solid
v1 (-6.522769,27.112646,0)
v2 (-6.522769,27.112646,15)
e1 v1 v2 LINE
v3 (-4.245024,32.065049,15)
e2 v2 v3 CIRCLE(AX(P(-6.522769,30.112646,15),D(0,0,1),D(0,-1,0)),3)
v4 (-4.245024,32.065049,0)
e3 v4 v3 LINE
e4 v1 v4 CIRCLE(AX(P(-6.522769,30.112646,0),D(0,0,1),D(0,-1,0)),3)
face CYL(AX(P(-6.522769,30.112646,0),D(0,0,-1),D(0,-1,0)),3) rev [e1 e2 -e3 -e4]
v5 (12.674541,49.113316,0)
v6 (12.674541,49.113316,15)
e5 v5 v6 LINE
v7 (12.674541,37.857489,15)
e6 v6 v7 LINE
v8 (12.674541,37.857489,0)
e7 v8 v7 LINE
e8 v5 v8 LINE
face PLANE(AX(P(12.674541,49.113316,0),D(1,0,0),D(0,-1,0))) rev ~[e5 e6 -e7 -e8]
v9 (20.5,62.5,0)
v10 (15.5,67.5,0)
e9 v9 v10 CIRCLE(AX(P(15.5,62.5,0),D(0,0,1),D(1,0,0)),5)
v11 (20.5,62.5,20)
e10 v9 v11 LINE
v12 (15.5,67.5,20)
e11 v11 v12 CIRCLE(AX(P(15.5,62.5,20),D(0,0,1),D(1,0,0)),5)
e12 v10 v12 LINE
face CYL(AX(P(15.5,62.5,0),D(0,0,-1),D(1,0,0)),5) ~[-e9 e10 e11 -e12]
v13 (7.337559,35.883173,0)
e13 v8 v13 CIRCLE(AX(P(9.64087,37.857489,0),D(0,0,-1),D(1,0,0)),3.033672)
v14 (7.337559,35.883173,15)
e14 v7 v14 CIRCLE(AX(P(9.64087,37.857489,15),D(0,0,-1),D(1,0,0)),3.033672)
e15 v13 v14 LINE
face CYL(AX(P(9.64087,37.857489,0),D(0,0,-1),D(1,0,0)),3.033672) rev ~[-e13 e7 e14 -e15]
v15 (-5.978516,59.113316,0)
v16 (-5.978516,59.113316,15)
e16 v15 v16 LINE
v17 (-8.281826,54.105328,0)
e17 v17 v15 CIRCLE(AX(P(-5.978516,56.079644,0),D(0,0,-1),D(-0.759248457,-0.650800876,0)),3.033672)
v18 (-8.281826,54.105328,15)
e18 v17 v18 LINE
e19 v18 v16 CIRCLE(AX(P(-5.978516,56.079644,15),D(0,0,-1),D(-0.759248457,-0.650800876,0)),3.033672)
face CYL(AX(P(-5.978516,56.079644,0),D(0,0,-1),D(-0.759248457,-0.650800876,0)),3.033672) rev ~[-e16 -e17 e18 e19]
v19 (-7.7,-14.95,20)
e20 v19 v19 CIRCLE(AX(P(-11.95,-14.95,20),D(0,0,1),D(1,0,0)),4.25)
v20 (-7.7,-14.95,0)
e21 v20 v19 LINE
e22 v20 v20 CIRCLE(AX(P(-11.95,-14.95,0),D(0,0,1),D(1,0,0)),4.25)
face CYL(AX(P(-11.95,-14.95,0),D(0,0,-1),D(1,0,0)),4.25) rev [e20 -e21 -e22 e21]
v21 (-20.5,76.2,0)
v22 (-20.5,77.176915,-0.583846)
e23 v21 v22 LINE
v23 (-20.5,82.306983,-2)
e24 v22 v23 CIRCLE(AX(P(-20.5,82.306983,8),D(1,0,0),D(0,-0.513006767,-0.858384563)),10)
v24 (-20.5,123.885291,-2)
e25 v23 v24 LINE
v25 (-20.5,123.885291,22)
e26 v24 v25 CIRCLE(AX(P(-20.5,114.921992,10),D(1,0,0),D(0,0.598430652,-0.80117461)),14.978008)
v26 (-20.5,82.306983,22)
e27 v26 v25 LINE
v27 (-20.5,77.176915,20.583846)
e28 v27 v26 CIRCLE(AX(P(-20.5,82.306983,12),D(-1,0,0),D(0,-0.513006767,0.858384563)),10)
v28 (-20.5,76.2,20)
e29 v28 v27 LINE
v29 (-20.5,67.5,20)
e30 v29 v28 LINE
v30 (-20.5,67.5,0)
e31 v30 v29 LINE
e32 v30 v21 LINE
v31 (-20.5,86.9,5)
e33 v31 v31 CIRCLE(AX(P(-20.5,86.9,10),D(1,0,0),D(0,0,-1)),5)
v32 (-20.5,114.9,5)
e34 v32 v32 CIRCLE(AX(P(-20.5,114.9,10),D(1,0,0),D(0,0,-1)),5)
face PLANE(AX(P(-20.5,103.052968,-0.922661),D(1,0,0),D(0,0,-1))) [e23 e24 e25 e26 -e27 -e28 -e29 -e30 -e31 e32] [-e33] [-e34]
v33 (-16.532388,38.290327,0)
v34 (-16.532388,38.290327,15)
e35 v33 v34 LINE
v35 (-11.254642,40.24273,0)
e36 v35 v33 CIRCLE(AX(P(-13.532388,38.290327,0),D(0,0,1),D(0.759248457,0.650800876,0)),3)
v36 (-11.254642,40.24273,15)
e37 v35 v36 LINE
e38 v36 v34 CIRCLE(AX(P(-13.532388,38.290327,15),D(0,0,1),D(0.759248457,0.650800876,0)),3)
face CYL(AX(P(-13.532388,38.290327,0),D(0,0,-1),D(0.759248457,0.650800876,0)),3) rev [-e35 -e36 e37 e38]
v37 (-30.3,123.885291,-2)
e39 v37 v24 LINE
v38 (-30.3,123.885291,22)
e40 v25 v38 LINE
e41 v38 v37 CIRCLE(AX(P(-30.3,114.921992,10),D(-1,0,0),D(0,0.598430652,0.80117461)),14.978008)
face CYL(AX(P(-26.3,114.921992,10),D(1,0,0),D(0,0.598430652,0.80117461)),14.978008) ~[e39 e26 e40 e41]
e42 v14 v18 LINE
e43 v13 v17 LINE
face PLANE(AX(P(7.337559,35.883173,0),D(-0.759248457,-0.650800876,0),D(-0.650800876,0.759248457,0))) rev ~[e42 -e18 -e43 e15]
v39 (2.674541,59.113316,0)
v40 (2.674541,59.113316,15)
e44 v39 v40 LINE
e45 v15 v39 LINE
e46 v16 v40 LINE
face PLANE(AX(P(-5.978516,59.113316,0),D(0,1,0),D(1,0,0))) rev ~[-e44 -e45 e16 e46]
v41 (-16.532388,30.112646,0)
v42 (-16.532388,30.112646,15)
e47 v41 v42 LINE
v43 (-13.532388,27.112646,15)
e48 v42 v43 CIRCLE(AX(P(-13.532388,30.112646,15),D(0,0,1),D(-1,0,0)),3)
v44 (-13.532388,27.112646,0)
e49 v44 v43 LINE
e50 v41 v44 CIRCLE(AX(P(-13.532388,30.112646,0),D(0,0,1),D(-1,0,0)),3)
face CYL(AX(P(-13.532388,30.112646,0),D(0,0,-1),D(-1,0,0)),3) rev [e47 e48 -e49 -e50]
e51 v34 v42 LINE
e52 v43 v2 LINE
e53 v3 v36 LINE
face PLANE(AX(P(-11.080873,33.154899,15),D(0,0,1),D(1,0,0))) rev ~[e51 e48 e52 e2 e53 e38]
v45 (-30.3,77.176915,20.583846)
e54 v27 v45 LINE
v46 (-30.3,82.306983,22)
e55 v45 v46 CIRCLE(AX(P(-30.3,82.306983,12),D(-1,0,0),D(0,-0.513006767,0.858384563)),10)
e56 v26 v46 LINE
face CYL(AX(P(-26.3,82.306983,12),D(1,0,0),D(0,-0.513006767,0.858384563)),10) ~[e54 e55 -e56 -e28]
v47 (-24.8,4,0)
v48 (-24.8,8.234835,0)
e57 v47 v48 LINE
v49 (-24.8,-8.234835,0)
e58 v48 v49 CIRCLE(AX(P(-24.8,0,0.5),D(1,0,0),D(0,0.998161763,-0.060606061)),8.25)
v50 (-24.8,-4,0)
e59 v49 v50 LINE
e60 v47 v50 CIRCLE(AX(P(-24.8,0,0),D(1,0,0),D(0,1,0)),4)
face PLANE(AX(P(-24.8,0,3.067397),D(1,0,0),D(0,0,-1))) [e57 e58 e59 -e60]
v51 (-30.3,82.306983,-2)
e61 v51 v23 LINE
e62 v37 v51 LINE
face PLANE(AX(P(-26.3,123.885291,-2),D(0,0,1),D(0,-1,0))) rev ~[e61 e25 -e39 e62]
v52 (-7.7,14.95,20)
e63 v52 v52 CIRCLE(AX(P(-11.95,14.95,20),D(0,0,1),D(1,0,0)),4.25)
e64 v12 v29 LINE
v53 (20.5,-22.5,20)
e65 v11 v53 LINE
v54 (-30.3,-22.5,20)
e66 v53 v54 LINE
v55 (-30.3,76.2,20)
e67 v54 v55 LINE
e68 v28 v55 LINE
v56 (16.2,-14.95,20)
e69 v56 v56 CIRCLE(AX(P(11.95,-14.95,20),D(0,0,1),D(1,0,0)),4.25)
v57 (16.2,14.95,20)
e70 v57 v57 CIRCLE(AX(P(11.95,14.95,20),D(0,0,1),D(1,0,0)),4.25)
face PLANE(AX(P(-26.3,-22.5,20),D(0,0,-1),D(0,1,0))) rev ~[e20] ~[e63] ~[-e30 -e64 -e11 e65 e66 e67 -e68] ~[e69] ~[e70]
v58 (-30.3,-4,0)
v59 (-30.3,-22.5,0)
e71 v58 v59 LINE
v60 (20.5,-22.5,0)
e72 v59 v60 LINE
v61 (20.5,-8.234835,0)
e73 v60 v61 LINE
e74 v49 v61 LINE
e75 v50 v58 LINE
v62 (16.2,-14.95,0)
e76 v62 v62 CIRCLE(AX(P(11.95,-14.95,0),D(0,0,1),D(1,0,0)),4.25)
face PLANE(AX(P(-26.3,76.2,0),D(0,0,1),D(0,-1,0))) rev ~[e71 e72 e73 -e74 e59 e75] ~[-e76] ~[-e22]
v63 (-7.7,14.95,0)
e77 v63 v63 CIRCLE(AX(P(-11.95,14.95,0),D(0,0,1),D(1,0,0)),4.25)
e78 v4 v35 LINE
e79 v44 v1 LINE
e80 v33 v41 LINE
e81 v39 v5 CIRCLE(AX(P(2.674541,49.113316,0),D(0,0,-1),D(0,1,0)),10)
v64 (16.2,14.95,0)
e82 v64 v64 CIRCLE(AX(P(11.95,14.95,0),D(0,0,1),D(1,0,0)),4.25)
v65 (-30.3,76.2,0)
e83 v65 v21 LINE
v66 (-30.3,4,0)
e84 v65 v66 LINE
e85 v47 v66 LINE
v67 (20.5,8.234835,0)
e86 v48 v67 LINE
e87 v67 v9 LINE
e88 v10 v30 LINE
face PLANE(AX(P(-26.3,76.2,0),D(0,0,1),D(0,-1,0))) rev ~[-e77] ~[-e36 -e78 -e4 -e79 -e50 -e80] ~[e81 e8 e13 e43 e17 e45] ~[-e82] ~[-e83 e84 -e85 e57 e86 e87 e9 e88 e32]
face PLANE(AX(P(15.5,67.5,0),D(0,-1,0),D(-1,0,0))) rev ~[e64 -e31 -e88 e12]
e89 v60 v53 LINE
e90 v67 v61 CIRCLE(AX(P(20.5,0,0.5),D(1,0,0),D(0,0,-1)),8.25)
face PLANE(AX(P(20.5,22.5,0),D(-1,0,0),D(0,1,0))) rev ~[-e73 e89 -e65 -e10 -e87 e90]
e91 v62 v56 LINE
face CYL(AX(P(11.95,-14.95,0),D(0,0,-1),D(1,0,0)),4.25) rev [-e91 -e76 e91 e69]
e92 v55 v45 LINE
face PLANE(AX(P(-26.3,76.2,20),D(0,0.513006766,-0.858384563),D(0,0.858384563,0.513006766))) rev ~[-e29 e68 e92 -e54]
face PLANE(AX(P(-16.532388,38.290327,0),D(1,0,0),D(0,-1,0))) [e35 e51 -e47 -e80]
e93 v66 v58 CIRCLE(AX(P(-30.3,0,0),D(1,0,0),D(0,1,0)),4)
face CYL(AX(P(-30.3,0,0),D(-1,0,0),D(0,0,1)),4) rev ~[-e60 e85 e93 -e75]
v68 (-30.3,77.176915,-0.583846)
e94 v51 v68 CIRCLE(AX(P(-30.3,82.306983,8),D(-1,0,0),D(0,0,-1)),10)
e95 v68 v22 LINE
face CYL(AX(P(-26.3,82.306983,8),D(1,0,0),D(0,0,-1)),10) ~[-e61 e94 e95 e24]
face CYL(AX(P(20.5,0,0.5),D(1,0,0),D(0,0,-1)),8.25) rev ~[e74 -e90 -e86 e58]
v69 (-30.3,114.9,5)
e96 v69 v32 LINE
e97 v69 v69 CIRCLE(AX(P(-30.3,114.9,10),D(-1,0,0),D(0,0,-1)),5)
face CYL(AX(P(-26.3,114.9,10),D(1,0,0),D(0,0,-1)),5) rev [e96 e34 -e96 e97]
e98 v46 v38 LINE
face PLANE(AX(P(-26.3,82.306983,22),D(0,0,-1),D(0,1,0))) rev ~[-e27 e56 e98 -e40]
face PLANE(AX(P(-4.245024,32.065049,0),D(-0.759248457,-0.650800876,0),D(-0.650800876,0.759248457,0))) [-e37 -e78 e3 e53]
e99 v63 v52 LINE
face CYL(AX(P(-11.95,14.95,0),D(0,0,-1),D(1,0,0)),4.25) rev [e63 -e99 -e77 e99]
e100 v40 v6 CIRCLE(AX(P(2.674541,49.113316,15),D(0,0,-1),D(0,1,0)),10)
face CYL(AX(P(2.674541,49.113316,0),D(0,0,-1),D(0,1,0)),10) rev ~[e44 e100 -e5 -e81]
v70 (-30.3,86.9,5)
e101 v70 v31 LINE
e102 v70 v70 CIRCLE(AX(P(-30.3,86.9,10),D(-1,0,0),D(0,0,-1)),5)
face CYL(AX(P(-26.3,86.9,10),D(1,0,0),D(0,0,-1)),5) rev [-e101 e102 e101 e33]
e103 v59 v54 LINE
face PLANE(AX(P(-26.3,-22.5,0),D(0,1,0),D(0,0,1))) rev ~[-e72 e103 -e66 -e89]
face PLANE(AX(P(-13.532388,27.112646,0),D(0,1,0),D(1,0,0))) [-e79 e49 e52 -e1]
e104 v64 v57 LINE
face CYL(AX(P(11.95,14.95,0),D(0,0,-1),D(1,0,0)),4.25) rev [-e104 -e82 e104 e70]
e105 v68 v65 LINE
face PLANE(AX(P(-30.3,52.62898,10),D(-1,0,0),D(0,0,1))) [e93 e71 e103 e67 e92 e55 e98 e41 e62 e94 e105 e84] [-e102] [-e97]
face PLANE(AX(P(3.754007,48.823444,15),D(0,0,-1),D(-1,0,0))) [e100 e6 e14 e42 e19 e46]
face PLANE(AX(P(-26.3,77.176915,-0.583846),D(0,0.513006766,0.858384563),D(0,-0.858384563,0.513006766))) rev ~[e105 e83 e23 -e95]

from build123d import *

# Parameters (mm, degrees)
SKETCH4_W               = 41
SKETCH4_H               = 45
SKETCH4_R               = 4.25
BOSS_EXTRUDE1_DEPTH     = 20
SKETCH6_W               = 9.8
SKETCH6_H               = 152.4
BOSS_EXTRUDE2_DEPTH     = 20
SKETCH7_R               = 5
BOSS_EXTRUDE3_DEPTH     = 9.8
SKETCH8_R               = 5
CUT_EXTRUDE2_DEPTH      = 15
SKETCH5_R               = 8.25
CUT_EXTRUDE1_DEPTH      = 65
BOSS_EXTRUDE4_DEPTH     = 20
CUT_EXTRUDE3_DEPTH      = 86
CUT_EXTRUDE3_DEPTH_BACK = 86
BOSS_EXTRUDE5_START     = -1.5
BOSS_EXTRUDE5_DEPTH     = 1.5
CUT_EXTRUDE4_DEPTH      = 13.5
SKETCH13_R              = 5
BOSS_EXTRUDE6_DEPTH     = 4
SKETCH14_R              = 4
CUT_EXTRUDE5_DEPTH      = 10
CUT_EXTRUDE6_DEPTH      = 15


with BuildPart() as part:
    # Sketch4 → Boss-Extrude1 (new body)
    with BuildSketch(Plane.XY):
        Rectangle(SKETCH4_W, SKETCH4_H)
        with Locations((-11.95, 14.95)):
            Circle(SKETCH4_R, mode=Mode.SUBTRACT)
        with Locations((11.95, 14.95)):
            Circle(SKETCH4_R, mode=Mode.SUBTRACT)
        with Locations((11.95, -14.95)):
            Circle(SKETCH4_R, mode=Mode.SUBTRACT)
        with Locations((-11.95, -14.95)):
            Circle(SKETCH4_R, mode=Mode.SUBTRACT)
    extrude(amount=BOSS_EXTRUDE1_DEPTH)

    # Sketch6 → Boss-Extrude2 (add)
    with BuildSketch(Plane(origin=(0, 0, 0), x_dir=(-1, 0, 0), z_dir=(0, 0, -1))):
        with Locations((25.4, 53.7)):
            Rectangle(SKETCH6_W, SKETCH6_H)
    extrude(amount=-BOSS_EXTRUDE2_DEPTH)

    # Sketch7 → Boss-Extrude3 (add)
    with BuildSketch(Plane(origin=(-20.5, 0, 0), x_dir=(0, 0, -1), z_dir=(1, 0, 0))):
        with Locations((-10, 114.9)):
            Circle(SKETCH7_R)
        with Locations((-10, 86.9)):
            Circle(SKETCH7_R)
        with BuildLine():
            Line((0, 76.2), (0.583845628, 77.176915135))
            ThreePointArc((0.583845628, 77.176915135), (1.639462026, 79.646010822), (2, 82.306982798))
            Line((2, 82.306982798), (2, 123.885290943))
            ThreePointArc((2, 123.885290943), (1.549421785, 126.853210006), (0.238291287, 129.553673135))
            Line((0.238291287, 129.553673135), (0, 129.9))
            Line((0, 129.9), (0, 76.2))
        make_face()
        with BuildLine():
            Line((-20, 76.2), (-20.583845628, 77.176915135))
            ThreePointArc((-20.583845628, 77.176915135), (-21.639462026, 79.646010822), (-22, 82.306982798))
            Line((-22, 82.306982798), (-22, 123.885290943))
            ThreePointArc((-22, 123.885290943), (-21.549421785, 126.853210006), (-20.238291287, 129.553673135))
            Line((-20.238291287, 129.553673135), (-20, 129.9))
            Line((-20, 129.9), (-20, 76.2))
        make_face()
    extrude(amount=-BOSS_EXTRUDE3_DEPTH)

    # Sketch8 → Cut-Extrude2 (cut)
    with BuildSketch(Plane(origin=(-20.5, 0, 0), x_dir=(0, 0, -1), z_dir=(1, 0, 0))):
        with Locations((-10, 86.9)):
            Circle(SKETCH8_R)
        with Locations((-10, 114.9)):
            Circle(SKETCH8_R)
    extrude(amount=-CUT_EXTRUDE2_DEPTH, mode=Mode.SUBTRACT)

    # Sketch5 → Cut-Extrude1 (cut)
    with BuildSketch(Plane(origin=(20.5, 0, 0), x_dir=(0, 0, -1), z_dir=(1, 0, 0))):
        with Locations((-0.5, 0)):
            Circle(SKETCH5_R)
    extrude(amount=-CUT_EXTRUDE1_DEPTH, mode=Mode.SUBTRACT)

    # Sketch9 → Boss-Extrude4 (add)
    with BuildSketch(Plane(origin=(0, 0, 0), x_dir=(-1, 0, 0), z_dir=(0, 0, -1))):
        with BuildLine():
            Line((-20.5, 22.5), (-20.5, 62.5))
            ThreePointArc((-20.5, 62.5), (-19.035533906, 66.035533906), (-15.5, 67.5))
            Line((-15.5, 67.5), (20.5, 67.5))
            Line((20.5, 67.5), (20.5, 22.5))
            Line((20.5, 22.5), (-20.5, 22.5))
        make_face()
    extrude(amount=-BOSS_EXTRUDE4_DEPTH)

    # Sketch10 → Cut-Extrude3 (cut, two sides: drawn at the far end of the back side and taken through both)
    with BuildSketch(Plane.XY.offset(-CUT_EXTRUDE3_DEPTH_BACK)):
        Polygon((-30.3, -22.5), (-26.3, -22.5), (-26.3, 157.593855938), (-61.075791469, 162.523409413), (-64.522830675, 37.584660103), align=None)
    extrude(amount=CUT_EXTRUDE3_DEPTH + CUT_EXTRUDE3_DEPTH_BACK, mode=Mode.SUBTRACT)

    # Sketch11 → Boss-Extrude5 (add)
    with BuildSketch(Plane.ZY.offset(26.3).offset(BOSS_EXTRUDE5_START)):
        with BuildLine():
            Line((0, -8.234834546), (0, 8.234834546))
            ThreePointArc((0, 8.234834546), (8.75, 0), (0, -8.234834546))
        make_face()
    extrude(amount=BOSS_EXTRUDE5_DEPTH)

    # Sketch12 → Cut-Extrude4 (cut)
    with BuildSketch(Plane(origin=(-20.5, 0, 0), x_dir=(0, 0, -1), z_dir=(1, 0, 0))):
        with BuildLine():
            Line((-22, 123.885290943), (-30.820305045, 123.885290943))
            Line((-30.820305045, 123.885290943), (-25.068984461, 136.818732695))
            Line((-25.068984461, 136.818732695), (-2.479535984, 134.912757399))
            Line((-2.479535984, 134.912757399), (8.997050859, 125.264275664))
            Line((8.997050859, 125.264275664), (2, 123.885290943))
            ThreePointArc((2, 123.885290943), (-10, 129.9), (-22, 123.885290943))
        make_face()
    extrude(amount=-CUT_EXTRUDE4_DEPTH, mode=Mode.SUBTRACT)

    # Sketch13 → Boss-Extrude6 (add)
    with BuildSketch(Plane.ZY.offset(26.3)):
        with BuildLine():
            Line((0, -22.5), (20, -22.5))
            Line((20, -22.5), (20, 76.2))
            Line((20, 76.2), (20.583845628, 77.176915135))
            ThreePointArc((20.583845628, 77.176915135), (21.639462026, 79.646010822), (22, 82.306982798))
            Line((22, 82.306982798), (22, 123.885290943))
            ThreePointArc((22, 123.885290943), (10, 129.9), (-2, 123.885290943))
            Line((-2, 123.885290943), (-2, 82.306982798))
            ThreePointArc((-2, 82.306982798), (-1.639462026, 79.646010822), (-0.583845628, 77.176915135))
            Line((-0.583845628, 77.176915135), (0, 76.2))
            Line((0, 76.2), (0, -22.5))
        make_face()
        with Locations(Location((10, 114.9, 0), (0, 0, 180))):
            Circle(SKETCH13_R, mode=Mode.SUBTRACT)
        with Locations(Location((10, 86.9, 0), (0, 0, 180))):
            Circle(SKETCH13_R, mode=Mode.SUBTRACT)
    extrude(amount=BOSS_EXTRUDE6_DEPTH)

    # Sketch14 → Cut-Extrude5 (cut)
    with BuildSketch(Plane.ZY.offset(30.3)):
        Circle(SKETCH14_R)
    extrude(amount=-CUT_EXTRUDE5_DEPTH, mode=Mode.SUBTRACT)

    # Sketch16 → Cut-Extrude6 (cut)
    with BuildSketch(Plane(origin=(0, 0, 0), x_dir=(-1, 0, 0), z_dir=(0, 0, -1))):
        with BuildLine():
            Line((-7.337559311, 35.883172827), (8.281826454, 54.105327978))
            ThreePointArc((8.281826454, 54.105327978), (8.734653676, 57.347267148), (5.97851601, 59.113315631))
            Line((5.97851601, 59.113315631), (-2.674541305, 59.113315631))
            ThreePointArc((-2.674541305, 59.113315631), (-9.745609117, 56.184383443), (-12.674541305, 49.113315631))
            Line((-12.674541305, 49.113315631), (-12.674541305, 37.857488931))
            ThreePointArc((-12.674541305, 37.857488931), (-10.693408521, 35.012260431), (-7.337559311, 35.883172827))
        make_face()
        with BuildLine():
            Line((4.245024065, 32.065048559), (11.254642469, 40.242729553))
            ThreePointArc((11.254642469, 40.242729553), (14.573244191, 41.103975455), (16.53238784, 38.290326924))
            Line((16.53238784, 38.290326924), (16.53238784, 30.11264593))
            ThreePointArc((16.53238784, 30.11264593), (15.653708183, 27.991325586), (13.53238784, 27.11264593))
            Line((13.53238784, 27.11264593), (6.522769436, 27.11264593))
            ThreePointArc((6.522769436, 27.11264593), (3.797222895, 28.859092558), (4.245024065, 32.065048559))
        make_face()
    extrude(amount=-CUT_EXTRUDE6_DEPTH, mode=Mode.SUBTRACT)


solid = part.part
